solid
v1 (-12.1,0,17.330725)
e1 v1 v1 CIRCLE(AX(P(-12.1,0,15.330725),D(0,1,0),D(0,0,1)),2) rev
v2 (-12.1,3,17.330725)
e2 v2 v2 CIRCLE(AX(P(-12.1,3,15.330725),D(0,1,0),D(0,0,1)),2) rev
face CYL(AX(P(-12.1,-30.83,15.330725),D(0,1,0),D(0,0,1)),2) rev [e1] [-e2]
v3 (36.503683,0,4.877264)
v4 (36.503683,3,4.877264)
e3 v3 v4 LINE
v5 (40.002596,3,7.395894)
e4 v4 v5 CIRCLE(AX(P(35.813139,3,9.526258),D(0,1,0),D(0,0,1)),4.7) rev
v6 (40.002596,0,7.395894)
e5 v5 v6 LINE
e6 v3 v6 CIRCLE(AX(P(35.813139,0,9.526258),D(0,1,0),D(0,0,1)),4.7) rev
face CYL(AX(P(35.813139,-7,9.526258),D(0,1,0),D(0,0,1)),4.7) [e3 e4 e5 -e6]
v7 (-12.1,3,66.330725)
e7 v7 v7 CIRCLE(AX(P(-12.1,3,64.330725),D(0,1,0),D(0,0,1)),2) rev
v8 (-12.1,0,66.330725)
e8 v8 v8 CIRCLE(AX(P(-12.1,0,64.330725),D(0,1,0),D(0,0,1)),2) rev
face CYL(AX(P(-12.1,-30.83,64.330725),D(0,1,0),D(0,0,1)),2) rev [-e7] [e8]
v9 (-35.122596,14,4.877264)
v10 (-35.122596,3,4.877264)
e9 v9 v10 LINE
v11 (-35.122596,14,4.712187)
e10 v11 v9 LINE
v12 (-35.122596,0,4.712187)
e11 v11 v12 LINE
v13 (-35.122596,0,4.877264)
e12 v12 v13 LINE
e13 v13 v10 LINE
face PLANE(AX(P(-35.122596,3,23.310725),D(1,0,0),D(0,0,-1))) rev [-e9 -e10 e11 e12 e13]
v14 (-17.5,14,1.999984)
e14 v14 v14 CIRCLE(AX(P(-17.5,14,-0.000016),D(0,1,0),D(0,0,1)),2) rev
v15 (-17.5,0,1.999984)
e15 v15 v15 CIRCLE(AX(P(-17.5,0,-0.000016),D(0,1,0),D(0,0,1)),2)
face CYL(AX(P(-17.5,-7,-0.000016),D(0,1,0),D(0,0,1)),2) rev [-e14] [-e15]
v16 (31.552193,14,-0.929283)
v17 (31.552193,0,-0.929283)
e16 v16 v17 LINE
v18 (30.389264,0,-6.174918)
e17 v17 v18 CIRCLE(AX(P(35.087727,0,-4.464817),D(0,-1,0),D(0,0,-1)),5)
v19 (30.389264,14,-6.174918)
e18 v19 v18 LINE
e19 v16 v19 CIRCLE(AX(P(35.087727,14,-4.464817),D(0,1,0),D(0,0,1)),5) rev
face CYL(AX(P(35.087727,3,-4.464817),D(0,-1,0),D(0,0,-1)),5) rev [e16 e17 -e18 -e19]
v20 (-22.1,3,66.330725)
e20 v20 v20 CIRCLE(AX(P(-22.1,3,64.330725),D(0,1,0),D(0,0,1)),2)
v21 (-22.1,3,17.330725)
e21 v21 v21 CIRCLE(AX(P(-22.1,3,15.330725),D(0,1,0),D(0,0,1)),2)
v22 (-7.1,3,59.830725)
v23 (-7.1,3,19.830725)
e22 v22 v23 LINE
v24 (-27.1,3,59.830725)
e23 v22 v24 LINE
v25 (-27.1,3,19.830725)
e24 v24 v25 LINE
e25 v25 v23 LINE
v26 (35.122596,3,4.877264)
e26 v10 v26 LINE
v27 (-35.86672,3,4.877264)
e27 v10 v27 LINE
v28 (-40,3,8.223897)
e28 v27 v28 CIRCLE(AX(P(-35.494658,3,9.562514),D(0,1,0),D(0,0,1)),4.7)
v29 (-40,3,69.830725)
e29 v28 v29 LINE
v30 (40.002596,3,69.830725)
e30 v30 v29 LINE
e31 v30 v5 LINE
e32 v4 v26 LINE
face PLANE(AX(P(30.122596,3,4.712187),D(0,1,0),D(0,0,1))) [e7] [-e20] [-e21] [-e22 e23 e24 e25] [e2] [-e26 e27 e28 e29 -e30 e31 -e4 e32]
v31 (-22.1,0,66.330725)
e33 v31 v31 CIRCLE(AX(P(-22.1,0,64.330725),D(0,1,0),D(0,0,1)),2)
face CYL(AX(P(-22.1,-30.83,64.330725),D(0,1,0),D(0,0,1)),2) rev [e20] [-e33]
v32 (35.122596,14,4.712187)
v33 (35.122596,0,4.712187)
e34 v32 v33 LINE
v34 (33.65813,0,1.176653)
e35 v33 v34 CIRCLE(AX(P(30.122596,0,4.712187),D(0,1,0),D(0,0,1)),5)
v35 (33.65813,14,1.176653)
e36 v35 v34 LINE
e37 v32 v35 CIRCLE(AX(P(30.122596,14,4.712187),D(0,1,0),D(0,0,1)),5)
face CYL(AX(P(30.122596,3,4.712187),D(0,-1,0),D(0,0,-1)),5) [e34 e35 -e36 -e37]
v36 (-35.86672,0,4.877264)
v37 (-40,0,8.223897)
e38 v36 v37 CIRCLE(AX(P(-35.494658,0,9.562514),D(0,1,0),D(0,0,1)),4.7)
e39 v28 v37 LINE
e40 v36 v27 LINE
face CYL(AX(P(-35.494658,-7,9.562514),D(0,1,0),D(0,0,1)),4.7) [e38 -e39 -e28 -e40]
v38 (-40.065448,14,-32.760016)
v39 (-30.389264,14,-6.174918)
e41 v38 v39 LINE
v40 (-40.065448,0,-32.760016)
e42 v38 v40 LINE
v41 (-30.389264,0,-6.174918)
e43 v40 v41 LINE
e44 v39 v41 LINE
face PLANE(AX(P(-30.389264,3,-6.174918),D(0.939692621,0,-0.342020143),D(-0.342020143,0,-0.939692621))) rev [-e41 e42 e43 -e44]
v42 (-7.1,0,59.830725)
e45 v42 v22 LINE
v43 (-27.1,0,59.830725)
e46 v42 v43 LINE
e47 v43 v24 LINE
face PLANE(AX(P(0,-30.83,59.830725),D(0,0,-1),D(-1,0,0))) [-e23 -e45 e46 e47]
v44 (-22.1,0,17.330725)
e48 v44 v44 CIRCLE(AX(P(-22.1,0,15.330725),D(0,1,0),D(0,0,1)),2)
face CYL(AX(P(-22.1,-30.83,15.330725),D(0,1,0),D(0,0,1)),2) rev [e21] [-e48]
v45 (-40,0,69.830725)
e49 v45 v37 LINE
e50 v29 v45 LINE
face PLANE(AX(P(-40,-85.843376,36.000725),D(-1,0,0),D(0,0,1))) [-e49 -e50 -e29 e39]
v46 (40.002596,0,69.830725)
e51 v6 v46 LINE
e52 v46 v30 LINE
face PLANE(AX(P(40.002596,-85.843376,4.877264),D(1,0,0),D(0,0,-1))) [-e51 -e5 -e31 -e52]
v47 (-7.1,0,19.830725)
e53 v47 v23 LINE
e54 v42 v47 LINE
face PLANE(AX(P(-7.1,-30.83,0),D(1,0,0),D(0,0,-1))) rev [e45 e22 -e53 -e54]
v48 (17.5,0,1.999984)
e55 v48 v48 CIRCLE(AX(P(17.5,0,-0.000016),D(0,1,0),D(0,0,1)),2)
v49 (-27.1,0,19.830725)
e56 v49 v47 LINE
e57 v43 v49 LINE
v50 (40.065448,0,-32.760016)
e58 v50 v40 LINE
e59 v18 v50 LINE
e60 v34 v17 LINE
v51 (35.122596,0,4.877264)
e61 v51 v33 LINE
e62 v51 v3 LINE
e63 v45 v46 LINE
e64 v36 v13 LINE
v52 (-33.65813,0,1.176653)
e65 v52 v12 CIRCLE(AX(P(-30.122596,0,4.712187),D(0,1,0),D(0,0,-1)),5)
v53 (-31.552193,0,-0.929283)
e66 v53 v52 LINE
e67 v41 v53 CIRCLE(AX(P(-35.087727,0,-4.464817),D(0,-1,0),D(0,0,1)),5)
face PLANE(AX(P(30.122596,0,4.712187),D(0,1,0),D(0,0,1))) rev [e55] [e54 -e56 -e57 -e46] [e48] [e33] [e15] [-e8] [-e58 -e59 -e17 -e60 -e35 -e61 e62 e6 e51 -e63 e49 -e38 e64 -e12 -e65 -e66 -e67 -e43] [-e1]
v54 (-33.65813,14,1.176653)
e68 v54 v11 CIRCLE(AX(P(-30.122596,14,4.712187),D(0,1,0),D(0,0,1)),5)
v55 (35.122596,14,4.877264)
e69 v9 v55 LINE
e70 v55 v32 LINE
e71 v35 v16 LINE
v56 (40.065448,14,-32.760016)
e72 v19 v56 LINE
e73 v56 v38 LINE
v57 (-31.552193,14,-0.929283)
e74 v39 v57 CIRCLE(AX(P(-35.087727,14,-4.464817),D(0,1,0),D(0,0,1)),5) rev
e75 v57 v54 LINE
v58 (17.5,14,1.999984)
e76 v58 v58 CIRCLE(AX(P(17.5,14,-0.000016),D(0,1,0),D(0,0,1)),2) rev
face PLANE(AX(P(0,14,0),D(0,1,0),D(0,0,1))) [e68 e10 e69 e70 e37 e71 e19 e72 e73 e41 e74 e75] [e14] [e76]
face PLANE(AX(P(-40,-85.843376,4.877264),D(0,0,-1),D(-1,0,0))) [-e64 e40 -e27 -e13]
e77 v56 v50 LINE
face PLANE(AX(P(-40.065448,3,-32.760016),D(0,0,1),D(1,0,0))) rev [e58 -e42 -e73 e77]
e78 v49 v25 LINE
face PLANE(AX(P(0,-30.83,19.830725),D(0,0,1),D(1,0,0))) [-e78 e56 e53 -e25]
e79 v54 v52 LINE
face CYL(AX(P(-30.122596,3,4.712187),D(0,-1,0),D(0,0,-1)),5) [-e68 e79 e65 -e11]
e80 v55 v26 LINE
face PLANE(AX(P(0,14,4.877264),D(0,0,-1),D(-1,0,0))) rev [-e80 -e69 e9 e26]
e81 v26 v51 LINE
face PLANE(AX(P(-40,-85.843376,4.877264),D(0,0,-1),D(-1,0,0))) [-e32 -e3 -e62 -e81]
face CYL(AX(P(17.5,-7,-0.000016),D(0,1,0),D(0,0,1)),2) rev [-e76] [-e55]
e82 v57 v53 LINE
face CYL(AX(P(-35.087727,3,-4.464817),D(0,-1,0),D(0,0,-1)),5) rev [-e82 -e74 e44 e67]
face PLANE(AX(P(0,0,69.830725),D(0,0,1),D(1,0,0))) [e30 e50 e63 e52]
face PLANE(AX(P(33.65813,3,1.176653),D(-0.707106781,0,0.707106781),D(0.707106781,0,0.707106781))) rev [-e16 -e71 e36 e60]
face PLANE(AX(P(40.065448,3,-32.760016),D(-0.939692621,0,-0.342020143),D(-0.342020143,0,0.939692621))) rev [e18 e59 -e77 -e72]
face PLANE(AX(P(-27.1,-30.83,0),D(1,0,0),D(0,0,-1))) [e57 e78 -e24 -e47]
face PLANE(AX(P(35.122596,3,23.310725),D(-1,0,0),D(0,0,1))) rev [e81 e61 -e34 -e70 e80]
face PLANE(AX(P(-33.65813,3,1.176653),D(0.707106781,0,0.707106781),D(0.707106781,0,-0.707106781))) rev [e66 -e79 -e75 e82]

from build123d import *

# Parameters (mm, degrees)
BOSS_EXTRUDE1_DEPTH        = 3
BOSS_EXTRUDE5_DEPTH        = 3
CROQUIS1_R                 = 2
CORTAR_EXTRUIR1_DEPTH      = 10
SALIENTE_EXTRUIR1_DEPTH    = 3
CORTAR_EXTRUIR2_DEPTH      = 54.947125886
CORTAR_EXTRUIR2_DEPTH_BACK = 10
CORTAR_EXTRUIR3_DEPTH      = 10
CROQUIS6_R                 = 9.410860806
CROQUIS6_R_2               = 2
SALIENTE_EXTRUIR2_DEPTH    = 11
CROQUIS8_W                 = 80.002595972
CROQUIS8_H                 = 3
SALIENTE_EXTRUIR3_DEPTH    = 33.83
CROQUIS9_R                 = 1.5
CORTAR_EXTRUIR7_DEPTH      = 33.83
CROQUIS9_3_R               = 2
CORTAR_EXTRUIR8_DEPTH      = 33.83


with BuildPart() as part:
    # Sketch1 → Boss-Extrude1 (new body)
    with BuildSketch(Plane(origin=(0, 0, 0), x_dir=(1, 0, 0), z_dir=(0, 1, 0))):
        with BuildLine():
            Line((-30.38926404, 6.174917902), (-40.065448474, 32.76001614))
            Line((-40.065448474, 32.76001614), (40.065448474, 32.76001614))
            Line((40.065448474, 32.76001614), (30.38926404, 6.174917902))
            ThreePointArc((30.38926404, 6.174917902), (30.206247108, 3.382619115), (31.552193238, 0.929283279))
            Line((31.552193238, 0.929283279), (33.658129878, -1.17665336))
            ThreePointArc((33.658129878, -1.17665336), (34.741993634, -2.798770105), (35.122595972, -4.712187266))
            Line((35.122595972, -4.712187266), (35.122595972, -23.310725409))
            Line((35.122595972, -23.310725409), (-35.122595972, -23.310725409))
            Line((-35.122595972, -23.310725409), (-35.122595972, -4.712187266))
            ThreePointArc((-35.122595972, -4.712187266), (-34.741993634, -2.798770105), (-33.658129878, -1.17665336))
            Line((-33.658129878, -1.17665336), (-31.552193238, 0.929283279))
            ThreePointArc((-31.552193238, 0.929283279), (-30.206247108, 3.382619115), (-30.38926404, 6.174917902))
        make_face()
    extrude(amount=BOSS_EXTRUDE1_DEPTH)

    # Sketch8 → Boss-Extrude5 (add)
    with BuildSketch(Plane(origin=(0, 3, 0), x_dir=(1, 0, 0), z_dir=(0, 1, 0))):
        Polygon((-35.122595972, -23.310725409), (35.122595972, -23.310725409), (25.122595972, -33.310725409), (-25.122595972, -33.310725409), align=None)
    extrude(amount=-BOSS_EXTRUDE5_DEPTH)

    # Croquis1 → Cortar-Extruir1 (cut)
    with BuildSketch(Plane(origin=(0, 3, 0), x_dir=(1, 0, 0), z_dir=(0, 1, 0))):
        with Locations(Location((-17.5, 1.614e-05, 0), (0, 0, 270))):
            Circle(CROQUIS1_R)
        with Locations(Location((17.5, 1.614e-05, 0), (0, 0, 270))):
            Circle(CROQUIS1_R)
    extrude(amount=-CORTAR_EXTRUIR1_DEPTH, mode=Mode.SUBTRACT)

    # Croquis2 → Saliente-Extruir1 (add)
    with BuildSketch(Plane(origin=(0, 3, 0), x_dir=(1, 0, 0), z_dir=(0, 1, 0))):
        Polygon((17, -36.000725409), (40.002595972, -36.000725409), (40.002595972, -33.000725409), (40.002595972, -4.877263675), (-40, -4.877263675), (-40, -36.000725409), align=None)
    extrude(amount=-SALIENTE_EXTRUIR1_DEPTH)

    # Croquis3 → Cortar-Extruir2 (cut, two sides: drawn at the far end of the back side and taken through both)
    with BuildSketch(Plane(origin=(0, 3, 0), x_dir=(1, 0, 0), z_dir=(0, 1, 0)).offset(-CORTAR_EXTRUIR2_DEPTH_BACK)):
        with BuildLine():
            ThreePointArc((36.503682563, -4.877263675), (38.558949602, -5.711743064), (40.002595972, -7.395893774))
            Line((40.002595972, -7.395893774), (40.002595972, -4.877263675))
            Line((40.002595972, -4.877263675), (36.503682563, -4.877263675))
        make_face()
    extrude(amount=CORTAR_EXTRUIR2_DEPTH + CORTAR_EXTRUIR2_DEPTH_BACK, mode=Mode.SUBTRACT)

    # Croquis4 → Cortar-Extruir3 (cut)
    with BuildSketch(Plane(origin=(0, 3, 0), x_dir=(1, 0, 0), z_dir=(0, 1, 0))):
        with BuildLine():
            ThreePointArc((-40, -8.223896962), (-38.452234257, -5.909741818), (-35.866720439, -4.877263675))
            Line((-35.866720439, -4.877263675), (-40, -4.877263675))
            Line((-40, -4.877263675), (-40, -8.223896962))
        make_face()
    extrude(amount=-CORTAR_EXTRUIR3_DEPTH, mode=Mode.SUBTRACT)

    # Croquis6 → Saliente-Extruir2 (add)
    # profile 1 of 2: a face of its own
    with BuildSketch(Plane(origin=(0, 3, 0), x_dir=(1, 0, 0), z_dir=(0, 1, 0))):
        with BuildLine():
            Line((-35.122595972, -4.877263675), (35.122595972, -4.877263675))
            Line((35.122595972, -4.877263675), (35.122595972, -4.712187266))
            ThreePointArc((35.122595972, -4.712187266), (34.741993634, -2.798770105), (33.658129878, -1.17665336))
            Line((33.658129878, -1.17665336), (31.552193238, 0.929283279))
            ThreePointArc((31.552193238, 0.929283279), (30.206247108, 3.382619115), (30.38926404, 6.174917902))
            Line((30.38926404, 6.174917902), (40.065448474, 32.76001614))
            Line((40.065448474, 32.76001614), (-40.065448474, 32.76001614))
            Line((-40.065448474, 32.76001614), (-30.38926404, 6.174917902))
            ThreePointArc((-30.38926404, 6.174917902), (-30.206247108, 3.382619115), (-31.552193238, 0.929283279))
            Line((-31.552193238, 0.929283279), (-33.658129878, -1.17665336))
            ThreePointArc((-33.658129878, -1.17665336), (-34.741993634, -2.798770105), (-35.122595972, -4.712187266))
            Line((-35.122595972, -4.712187266), (-35.122595972, -4.877263675))
        make_face()
        with Locations((-16.715825215, 19.994936592)):
            Circle(CROQUIS6_R, mode=Mode.SUBTRACT)
        with Locations(Location((-17.5, 1.614e-05, 0), (0, 0, 270))):
            Circle(CROQUIS6_R_2, mode=Mode.SUBTRACT)
        with Locations(Location((17.5, 1.614e-05, 0), (0, 0, 270))):
            Circle(CROQUIS6_R_2, mode=Mode.SUBTRACT)
    # profile 2 of 2: a face of its own
    with BuildSketch(Plane(origin=(0, 3, 0), x_dir=(1, 0, 0), z_dir=(0, 1, 0))):
        with Locations((-16.715825215, 19.994936592)):
            Circle(CROQUIS6_R)
    extrude(amount=SALIENTE_EXTRUIR2_DEPTH)

    # Croquis8 → Saliente-Extruir3 (add)
    with BuildSketch(Plane.XY.offset(36.000725409)):
        with Locations((0.001297986, 1.5)):
            Rectangle(CROQUIS8_W, CROQUIS8_H)
    extrude(amount=SALIENTE_EXTRUIR3_DEPTH)

    # Croquis9 → Cortar-Extruir7 (cut)
    # profile 1 of 2: a face of its own
    with BuildSketch(Plane(origin=(0, 3, 0), x_dir=(1, 0, 0), z_dir=(0, 1, 0))):
        Polygon((-7.6, -19.830725409), (-7.1, -19.830725409), (-7.1, -59.830725409), (-7.6, -59.830725409), (-26.6, -59.830725409), (-27.1, -59.830725409), (-27.1, -19.830725409), (-26.6, -19.830725409), align=None)
        with Locations((-17.1, -29.830725409)):
            Circle(CROQUIS9_R, mode=Mode.SUBTRACT)
    # profile 2 of 2: a face of its own
    with BuildSketch(Plane(origin=(0, 3, 0), x_dir=(1, 0, 0), z_dir=(0, 1, 0))):
        with Locations((-17.1, -29.830725409)):
            Circle(CROQUIS9_R)
    extrude(amount=-CORTAR_EXTRUIR7_DEPTH, mode=Mode.SUBTRACT)

    # Croquis9<3> → Cortar-Extruir8 (cut)
    with BuildSketch(Plane(origin=(0, 3, 0), x_dir=(1, 0, 0), z_dir=(0, 1, 0))):
        with Locations(Location((-22.1, -15.330725409, 0), (0, 0, 270))):
            Circle(CROQUIS9_3_R)
        with Locations(Location((-12.1, -15.330725409, 0), (0, 0, 270))):
            Circle(CROQUIS9_3_R)
        with Locations(Location((-22.1, -64.330725409, 0), (0, 0, 270))):
            Circle(CROQUIS9_3_R)
        with Locations(Location((-12.1, -64.330725409, 0), (0, 0, 270))):
            Circle(CROQUIS9_3_R)
    extrude(amount=-CORTAR_EXTRUIR8_DEPTH, mode=Mode.SUBTRACT)


solid = part.part
